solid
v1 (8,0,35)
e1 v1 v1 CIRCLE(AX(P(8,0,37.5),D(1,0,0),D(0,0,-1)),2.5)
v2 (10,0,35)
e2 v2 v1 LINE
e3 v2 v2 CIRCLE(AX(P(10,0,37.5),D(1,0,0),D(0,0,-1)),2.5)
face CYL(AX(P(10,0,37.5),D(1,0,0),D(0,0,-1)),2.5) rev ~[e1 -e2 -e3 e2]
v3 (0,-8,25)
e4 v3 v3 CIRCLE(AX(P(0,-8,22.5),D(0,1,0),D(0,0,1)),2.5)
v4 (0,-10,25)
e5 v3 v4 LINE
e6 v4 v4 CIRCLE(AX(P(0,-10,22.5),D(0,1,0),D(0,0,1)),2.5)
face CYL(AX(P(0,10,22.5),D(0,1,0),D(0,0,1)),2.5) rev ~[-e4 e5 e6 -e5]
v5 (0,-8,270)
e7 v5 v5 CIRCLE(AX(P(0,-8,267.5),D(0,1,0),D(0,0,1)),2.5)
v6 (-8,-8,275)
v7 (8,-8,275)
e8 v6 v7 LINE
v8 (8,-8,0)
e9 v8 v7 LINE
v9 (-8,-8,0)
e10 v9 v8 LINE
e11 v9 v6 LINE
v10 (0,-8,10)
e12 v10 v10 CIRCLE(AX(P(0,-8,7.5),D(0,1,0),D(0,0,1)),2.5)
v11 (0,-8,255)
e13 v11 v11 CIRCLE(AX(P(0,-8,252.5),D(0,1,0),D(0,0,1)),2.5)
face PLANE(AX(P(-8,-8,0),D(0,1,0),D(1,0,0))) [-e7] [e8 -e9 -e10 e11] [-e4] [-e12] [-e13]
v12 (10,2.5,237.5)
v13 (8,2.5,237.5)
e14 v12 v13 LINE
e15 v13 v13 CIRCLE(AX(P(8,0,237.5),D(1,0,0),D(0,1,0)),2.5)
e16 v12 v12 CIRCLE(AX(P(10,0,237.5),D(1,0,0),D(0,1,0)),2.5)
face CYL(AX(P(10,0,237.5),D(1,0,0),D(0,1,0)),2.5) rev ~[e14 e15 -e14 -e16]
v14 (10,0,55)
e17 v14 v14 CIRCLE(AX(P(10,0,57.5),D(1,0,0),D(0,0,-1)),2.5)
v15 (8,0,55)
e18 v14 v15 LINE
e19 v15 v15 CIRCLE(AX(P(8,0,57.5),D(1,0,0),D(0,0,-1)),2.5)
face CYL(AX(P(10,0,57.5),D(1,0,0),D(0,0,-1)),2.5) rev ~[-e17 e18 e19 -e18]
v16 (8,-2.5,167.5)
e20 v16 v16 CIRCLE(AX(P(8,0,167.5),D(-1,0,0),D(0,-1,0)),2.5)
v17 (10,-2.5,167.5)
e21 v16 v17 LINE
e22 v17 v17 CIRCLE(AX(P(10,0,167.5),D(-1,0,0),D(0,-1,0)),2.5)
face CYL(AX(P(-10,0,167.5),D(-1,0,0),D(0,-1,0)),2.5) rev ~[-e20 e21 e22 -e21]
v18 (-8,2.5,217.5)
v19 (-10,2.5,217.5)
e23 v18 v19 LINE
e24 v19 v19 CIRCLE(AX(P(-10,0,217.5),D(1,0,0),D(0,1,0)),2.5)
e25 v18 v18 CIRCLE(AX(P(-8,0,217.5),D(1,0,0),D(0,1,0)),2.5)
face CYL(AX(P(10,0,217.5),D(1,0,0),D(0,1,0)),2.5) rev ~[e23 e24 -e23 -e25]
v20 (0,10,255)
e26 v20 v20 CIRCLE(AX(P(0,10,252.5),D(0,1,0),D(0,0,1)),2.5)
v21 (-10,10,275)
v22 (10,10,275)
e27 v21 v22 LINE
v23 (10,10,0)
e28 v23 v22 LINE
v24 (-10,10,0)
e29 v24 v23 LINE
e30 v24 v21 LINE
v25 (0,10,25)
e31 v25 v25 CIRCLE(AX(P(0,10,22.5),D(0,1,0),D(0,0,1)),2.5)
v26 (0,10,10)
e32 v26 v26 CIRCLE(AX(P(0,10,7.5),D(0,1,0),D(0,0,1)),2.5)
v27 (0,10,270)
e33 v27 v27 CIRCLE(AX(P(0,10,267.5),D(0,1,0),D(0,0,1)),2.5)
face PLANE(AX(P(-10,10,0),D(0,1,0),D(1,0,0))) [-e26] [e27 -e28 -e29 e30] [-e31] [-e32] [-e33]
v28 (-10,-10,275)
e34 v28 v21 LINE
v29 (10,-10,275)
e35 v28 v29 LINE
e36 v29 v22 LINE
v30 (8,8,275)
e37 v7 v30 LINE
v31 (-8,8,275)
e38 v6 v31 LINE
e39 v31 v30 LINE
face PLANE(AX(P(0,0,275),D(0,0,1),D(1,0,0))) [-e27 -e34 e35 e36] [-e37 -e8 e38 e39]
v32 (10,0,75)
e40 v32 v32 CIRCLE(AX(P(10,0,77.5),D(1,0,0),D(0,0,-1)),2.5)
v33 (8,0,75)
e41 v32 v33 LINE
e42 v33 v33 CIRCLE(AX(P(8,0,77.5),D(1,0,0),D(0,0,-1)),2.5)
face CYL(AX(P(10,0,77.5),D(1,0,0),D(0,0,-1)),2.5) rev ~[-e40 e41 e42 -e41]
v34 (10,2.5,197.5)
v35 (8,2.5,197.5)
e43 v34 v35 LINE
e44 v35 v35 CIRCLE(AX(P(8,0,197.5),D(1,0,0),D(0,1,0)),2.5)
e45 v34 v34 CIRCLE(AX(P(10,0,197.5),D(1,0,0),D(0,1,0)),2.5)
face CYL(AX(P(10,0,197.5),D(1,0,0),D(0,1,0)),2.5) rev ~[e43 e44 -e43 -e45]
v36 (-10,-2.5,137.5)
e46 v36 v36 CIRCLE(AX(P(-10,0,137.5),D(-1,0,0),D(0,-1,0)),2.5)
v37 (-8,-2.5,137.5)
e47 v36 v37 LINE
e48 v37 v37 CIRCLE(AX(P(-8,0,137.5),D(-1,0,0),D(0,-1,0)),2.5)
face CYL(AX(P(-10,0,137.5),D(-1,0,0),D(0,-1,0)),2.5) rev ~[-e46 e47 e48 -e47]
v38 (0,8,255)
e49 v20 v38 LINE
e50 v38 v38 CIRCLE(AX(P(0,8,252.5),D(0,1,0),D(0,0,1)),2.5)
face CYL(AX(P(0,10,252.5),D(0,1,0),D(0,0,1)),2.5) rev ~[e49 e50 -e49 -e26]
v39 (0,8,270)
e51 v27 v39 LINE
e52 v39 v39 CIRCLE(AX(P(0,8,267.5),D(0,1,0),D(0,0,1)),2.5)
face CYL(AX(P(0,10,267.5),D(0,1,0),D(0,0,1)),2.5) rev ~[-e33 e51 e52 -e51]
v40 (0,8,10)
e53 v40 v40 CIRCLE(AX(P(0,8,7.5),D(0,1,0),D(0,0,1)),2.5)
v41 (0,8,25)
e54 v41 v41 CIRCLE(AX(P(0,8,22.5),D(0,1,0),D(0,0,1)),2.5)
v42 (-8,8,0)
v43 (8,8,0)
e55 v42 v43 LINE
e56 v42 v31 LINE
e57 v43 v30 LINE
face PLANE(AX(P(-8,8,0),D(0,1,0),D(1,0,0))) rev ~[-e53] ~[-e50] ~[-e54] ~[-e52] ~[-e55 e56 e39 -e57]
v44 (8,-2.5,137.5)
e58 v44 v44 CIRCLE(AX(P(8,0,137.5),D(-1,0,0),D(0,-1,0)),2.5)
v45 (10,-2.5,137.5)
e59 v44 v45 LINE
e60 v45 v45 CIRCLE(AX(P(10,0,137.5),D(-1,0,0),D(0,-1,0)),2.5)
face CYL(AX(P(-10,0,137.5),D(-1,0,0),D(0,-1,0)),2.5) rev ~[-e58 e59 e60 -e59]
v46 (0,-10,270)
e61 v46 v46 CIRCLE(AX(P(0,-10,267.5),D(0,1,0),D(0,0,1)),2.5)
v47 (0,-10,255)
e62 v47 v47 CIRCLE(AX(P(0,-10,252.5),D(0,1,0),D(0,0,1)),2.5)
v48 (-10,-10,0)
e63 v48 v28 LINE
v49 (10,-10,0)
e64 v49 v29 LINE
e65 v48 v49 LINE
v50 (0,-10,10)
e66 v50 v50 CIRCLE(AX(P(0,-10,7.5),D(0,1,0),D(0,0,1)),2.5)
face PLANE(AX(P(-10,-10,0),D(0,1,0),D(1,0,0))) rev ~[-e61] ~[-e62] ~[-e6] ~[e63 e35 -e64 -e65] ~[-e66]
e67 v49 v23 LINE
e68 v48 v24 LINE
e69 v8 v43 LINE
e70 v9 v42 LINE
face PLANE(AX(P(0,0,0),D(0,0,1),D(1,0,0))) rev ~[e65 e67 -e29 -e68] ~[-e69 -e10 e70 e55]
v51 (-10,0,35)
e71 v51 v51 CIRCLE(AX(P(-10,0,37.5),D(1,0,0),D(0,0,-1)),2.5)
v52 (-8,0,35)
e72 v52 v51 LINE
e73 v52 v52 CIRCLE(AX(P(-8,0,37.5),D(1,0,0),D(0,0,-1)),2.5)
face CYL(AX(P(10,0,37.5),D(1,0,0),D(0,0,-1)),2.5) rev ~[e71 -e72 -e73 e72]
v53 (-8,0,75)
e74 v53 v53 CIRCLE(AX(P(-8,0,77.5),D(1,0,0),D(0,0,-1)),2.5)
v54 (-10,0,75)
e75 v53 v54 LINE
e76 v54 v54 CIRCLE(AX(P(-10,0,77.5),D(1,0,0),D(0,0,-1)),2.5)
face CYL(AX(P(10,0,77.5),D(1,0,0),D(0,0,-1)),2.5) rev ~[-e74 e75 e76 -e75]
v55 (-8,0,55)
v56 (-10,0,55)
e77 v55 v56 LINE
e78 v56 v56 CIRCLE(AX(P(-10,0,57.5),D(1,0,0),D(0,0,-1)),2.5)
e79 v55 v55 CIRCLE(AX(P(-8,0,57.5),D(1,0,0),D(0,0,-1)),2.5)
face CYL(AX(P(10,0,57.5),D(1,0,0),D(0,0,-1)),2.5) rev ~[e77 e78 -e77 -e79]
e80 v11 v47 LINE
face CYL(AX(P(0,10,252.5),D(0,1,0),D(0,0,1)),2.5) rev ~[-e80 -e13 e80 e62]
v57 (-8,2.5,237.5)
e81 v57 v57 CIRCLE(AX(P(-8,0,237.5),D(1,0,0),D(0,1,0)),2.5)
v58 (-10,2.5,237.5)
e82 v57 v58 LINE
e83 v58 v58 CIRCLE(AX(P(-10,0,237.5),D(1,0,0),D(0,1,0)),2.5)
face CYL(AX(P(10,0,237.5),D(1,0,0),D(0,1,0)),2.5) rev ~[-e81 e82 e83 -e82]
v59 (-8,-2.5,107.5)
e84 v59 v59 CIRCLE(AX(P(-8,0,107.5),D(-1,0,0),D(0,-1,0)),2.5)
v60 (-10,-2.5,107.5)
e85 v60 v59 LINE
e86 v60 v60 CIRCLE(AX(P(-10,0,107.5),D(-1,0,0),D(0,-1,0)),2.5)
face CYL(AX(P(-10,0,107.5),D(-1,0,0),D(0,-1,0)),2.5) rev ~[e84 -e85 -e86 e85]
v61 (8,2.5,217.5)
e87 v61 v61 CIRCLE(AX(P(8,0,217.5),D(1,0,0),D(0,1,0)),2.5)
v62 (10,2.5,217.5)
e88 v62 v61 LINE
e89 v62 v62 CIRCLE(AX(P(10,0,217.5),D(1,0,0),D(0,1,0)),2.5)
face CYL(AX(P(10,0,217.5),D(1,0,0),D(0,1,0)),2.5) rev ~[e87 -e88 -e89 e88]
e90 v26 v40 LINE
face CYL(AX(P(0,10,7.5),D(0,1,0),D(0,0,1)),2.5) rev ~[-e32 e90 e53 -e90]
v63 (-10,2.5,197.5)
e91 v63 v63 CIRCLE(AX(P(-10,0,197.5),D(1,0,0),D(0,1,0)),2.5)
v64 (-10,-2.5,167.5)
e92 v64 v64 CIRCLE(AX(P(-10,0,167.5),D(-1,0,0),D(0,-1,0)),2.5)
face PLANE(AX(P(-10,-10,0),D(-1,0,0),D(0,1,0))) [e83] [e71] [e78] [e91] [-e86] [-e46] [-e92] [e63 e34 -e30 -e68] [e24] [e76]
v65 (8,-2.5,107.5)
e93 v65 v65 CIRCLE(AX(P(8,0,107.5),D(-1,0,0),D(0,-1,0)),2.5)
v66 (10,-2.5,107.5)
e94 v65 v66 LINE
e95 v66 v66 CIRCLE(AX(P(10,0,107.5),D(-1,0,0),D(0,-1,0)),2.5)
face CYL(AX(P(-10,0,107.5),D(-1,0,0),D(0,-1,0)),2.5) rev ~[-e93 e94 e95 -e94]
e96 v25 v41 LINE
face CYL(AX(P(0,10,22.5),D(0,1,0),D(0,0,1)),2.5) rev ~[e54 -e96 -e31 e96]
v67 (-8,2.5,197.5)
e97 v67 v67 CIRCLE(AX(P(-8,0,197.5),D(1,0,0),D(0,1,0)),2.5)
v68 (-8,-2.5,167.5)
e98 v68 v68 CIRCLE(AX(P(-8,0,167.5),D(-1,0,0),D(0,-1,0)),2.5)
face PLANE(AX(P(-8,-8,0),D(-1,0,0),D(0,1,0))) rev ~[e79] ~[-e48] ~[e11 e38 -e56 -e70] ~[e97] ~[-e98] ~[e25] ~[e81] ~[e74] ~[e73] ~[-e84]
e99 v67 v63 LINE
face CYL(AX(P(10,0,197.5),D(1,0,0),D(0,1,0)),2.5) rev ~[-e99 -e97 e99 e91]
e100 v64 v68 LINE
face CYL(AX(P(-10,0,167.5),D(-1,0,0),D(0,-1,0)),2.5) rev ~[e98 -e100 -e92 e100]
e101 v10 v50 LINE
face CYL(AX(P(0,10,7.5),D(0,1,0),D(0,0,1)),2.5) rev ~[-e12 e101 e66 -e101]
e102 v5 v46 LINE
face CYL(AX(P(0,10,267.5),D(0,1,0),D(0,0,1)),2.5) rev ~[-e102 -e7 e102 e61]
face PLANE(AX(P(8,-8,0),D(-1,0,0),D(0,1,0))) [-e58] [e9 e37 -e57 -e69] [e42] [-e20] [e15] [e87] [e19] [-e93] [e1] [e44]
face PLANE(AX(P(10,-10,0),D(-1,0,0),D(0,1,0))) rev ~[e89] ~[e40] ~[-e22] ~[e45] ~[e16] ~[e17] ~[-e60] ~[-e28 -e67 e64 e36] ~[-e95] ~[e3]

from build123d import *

# Parameters (mm, degrees)
SKETCH_1_W          = 20
SKETCH_1_H          = 20
SKETCH_1_W_2        = 16
SKETCH_1_H_2        = 16
EXTRUDE_1_DEPTH     = 275
SKETCH_4_R          = 2.5
CUT_EXTRUDE_3_DEPTH = 84
SKETCH_5_R          = 2.5
CUT_EXTRUDE_4_DEPTH = 276.907593226
SKETCH_6_R          = 2.5
CUT_EXTRUDE_5_DEPTH = 20


with BuildPart() as part:
    # 草图1 → 凸台-拉伸1 (new body)
    with BuildSketch(Plane.XY):
        Rectangle(SKETCH_1_W, SKETCH_1_H)
        Rectangle(SKETCH_1_W_2, SKETCH_1_H_2, mode=Mode.SUBTRACT)
    extrude(amount=EXTRUDE_1_DEPTH)

    # 草图4 → 切除-拉伸3 (cut)
    with BuildSketch(Plane.ZY.offset(10)):
        with Locations(Location((107.5, 0, 0), (0, 0, 270))):
            Circle(SKETCH_4_R)
        with Locations(Location((167.5, 0, 0), (0, 0, 270))):
            Circle(SKETCH_4_R)
        with Locations(Location((137.5, 0, 0), (0, 0, 270))):
            Circle(SKETCH_4_R)
    extrude(amount=-CUT_EXTRUDE_3_DEPTH, mode=Mode.SUBTRACT)

    # 草图5 → 切除-拉伸4 (cut, through all)
    with BuildSketch(Plane(origin=(10, 0, 0), x_dir=(0, 0, -1), z_dir=(1, 0, 0))):
        with Locations((-77.5, 0)):
            Circle(SKETCH_5_R)
        with Locations((-57.5, 0)):
            Circle(SKETCH_5_R)
        with Locations((-37.5, 0)):
            Circle(SKETCH_5_R)
        with Locations(Location((-237.5, 0, 0), (0, 0, 90))):
            Circle(SKETCH_5_R)
        with Locations(Location((-217.5, 0, 0), (0, 0, 90))):
            Circle(SKETCH_5_R)
        with Locations(Location((-197.5, 0, 0), (0, 0, 90))):
            Circle(SKETCH_5_R)
    extrude(amount=-CUT_EXTRUDE_4_DEPTH, mode=Mode.SUBTRACT)

    # 草图6 → 切除-拉伸5 (cut)
    with BuildSketch(Plane(origin=(0, 10, 0), x_dir=(1, 0, 0), z_dir=(0, 1, 0))):
        with Locations(Location((0, -267.5, 0), (0, 0, 270))):
            Circle(SKETCH_6_R)
        with Locations(Location((0, -252.5, 0), (0, 0, 270))):
            Circle(SKETCH_6_R)
        with Locations(Location((0, -22.5, 0), (0, 0, 270))):
            Circle(SKETCH_6_R)
        with Locations(Location((0, -7.5, 0), (0, 0, 270))):
            Circle(SKETCH_6_R)
    extrude(amount=-CUT_EXTRUDE_5_DEPTH, mode=Mode.SUBTRACT)


solid = part.part
